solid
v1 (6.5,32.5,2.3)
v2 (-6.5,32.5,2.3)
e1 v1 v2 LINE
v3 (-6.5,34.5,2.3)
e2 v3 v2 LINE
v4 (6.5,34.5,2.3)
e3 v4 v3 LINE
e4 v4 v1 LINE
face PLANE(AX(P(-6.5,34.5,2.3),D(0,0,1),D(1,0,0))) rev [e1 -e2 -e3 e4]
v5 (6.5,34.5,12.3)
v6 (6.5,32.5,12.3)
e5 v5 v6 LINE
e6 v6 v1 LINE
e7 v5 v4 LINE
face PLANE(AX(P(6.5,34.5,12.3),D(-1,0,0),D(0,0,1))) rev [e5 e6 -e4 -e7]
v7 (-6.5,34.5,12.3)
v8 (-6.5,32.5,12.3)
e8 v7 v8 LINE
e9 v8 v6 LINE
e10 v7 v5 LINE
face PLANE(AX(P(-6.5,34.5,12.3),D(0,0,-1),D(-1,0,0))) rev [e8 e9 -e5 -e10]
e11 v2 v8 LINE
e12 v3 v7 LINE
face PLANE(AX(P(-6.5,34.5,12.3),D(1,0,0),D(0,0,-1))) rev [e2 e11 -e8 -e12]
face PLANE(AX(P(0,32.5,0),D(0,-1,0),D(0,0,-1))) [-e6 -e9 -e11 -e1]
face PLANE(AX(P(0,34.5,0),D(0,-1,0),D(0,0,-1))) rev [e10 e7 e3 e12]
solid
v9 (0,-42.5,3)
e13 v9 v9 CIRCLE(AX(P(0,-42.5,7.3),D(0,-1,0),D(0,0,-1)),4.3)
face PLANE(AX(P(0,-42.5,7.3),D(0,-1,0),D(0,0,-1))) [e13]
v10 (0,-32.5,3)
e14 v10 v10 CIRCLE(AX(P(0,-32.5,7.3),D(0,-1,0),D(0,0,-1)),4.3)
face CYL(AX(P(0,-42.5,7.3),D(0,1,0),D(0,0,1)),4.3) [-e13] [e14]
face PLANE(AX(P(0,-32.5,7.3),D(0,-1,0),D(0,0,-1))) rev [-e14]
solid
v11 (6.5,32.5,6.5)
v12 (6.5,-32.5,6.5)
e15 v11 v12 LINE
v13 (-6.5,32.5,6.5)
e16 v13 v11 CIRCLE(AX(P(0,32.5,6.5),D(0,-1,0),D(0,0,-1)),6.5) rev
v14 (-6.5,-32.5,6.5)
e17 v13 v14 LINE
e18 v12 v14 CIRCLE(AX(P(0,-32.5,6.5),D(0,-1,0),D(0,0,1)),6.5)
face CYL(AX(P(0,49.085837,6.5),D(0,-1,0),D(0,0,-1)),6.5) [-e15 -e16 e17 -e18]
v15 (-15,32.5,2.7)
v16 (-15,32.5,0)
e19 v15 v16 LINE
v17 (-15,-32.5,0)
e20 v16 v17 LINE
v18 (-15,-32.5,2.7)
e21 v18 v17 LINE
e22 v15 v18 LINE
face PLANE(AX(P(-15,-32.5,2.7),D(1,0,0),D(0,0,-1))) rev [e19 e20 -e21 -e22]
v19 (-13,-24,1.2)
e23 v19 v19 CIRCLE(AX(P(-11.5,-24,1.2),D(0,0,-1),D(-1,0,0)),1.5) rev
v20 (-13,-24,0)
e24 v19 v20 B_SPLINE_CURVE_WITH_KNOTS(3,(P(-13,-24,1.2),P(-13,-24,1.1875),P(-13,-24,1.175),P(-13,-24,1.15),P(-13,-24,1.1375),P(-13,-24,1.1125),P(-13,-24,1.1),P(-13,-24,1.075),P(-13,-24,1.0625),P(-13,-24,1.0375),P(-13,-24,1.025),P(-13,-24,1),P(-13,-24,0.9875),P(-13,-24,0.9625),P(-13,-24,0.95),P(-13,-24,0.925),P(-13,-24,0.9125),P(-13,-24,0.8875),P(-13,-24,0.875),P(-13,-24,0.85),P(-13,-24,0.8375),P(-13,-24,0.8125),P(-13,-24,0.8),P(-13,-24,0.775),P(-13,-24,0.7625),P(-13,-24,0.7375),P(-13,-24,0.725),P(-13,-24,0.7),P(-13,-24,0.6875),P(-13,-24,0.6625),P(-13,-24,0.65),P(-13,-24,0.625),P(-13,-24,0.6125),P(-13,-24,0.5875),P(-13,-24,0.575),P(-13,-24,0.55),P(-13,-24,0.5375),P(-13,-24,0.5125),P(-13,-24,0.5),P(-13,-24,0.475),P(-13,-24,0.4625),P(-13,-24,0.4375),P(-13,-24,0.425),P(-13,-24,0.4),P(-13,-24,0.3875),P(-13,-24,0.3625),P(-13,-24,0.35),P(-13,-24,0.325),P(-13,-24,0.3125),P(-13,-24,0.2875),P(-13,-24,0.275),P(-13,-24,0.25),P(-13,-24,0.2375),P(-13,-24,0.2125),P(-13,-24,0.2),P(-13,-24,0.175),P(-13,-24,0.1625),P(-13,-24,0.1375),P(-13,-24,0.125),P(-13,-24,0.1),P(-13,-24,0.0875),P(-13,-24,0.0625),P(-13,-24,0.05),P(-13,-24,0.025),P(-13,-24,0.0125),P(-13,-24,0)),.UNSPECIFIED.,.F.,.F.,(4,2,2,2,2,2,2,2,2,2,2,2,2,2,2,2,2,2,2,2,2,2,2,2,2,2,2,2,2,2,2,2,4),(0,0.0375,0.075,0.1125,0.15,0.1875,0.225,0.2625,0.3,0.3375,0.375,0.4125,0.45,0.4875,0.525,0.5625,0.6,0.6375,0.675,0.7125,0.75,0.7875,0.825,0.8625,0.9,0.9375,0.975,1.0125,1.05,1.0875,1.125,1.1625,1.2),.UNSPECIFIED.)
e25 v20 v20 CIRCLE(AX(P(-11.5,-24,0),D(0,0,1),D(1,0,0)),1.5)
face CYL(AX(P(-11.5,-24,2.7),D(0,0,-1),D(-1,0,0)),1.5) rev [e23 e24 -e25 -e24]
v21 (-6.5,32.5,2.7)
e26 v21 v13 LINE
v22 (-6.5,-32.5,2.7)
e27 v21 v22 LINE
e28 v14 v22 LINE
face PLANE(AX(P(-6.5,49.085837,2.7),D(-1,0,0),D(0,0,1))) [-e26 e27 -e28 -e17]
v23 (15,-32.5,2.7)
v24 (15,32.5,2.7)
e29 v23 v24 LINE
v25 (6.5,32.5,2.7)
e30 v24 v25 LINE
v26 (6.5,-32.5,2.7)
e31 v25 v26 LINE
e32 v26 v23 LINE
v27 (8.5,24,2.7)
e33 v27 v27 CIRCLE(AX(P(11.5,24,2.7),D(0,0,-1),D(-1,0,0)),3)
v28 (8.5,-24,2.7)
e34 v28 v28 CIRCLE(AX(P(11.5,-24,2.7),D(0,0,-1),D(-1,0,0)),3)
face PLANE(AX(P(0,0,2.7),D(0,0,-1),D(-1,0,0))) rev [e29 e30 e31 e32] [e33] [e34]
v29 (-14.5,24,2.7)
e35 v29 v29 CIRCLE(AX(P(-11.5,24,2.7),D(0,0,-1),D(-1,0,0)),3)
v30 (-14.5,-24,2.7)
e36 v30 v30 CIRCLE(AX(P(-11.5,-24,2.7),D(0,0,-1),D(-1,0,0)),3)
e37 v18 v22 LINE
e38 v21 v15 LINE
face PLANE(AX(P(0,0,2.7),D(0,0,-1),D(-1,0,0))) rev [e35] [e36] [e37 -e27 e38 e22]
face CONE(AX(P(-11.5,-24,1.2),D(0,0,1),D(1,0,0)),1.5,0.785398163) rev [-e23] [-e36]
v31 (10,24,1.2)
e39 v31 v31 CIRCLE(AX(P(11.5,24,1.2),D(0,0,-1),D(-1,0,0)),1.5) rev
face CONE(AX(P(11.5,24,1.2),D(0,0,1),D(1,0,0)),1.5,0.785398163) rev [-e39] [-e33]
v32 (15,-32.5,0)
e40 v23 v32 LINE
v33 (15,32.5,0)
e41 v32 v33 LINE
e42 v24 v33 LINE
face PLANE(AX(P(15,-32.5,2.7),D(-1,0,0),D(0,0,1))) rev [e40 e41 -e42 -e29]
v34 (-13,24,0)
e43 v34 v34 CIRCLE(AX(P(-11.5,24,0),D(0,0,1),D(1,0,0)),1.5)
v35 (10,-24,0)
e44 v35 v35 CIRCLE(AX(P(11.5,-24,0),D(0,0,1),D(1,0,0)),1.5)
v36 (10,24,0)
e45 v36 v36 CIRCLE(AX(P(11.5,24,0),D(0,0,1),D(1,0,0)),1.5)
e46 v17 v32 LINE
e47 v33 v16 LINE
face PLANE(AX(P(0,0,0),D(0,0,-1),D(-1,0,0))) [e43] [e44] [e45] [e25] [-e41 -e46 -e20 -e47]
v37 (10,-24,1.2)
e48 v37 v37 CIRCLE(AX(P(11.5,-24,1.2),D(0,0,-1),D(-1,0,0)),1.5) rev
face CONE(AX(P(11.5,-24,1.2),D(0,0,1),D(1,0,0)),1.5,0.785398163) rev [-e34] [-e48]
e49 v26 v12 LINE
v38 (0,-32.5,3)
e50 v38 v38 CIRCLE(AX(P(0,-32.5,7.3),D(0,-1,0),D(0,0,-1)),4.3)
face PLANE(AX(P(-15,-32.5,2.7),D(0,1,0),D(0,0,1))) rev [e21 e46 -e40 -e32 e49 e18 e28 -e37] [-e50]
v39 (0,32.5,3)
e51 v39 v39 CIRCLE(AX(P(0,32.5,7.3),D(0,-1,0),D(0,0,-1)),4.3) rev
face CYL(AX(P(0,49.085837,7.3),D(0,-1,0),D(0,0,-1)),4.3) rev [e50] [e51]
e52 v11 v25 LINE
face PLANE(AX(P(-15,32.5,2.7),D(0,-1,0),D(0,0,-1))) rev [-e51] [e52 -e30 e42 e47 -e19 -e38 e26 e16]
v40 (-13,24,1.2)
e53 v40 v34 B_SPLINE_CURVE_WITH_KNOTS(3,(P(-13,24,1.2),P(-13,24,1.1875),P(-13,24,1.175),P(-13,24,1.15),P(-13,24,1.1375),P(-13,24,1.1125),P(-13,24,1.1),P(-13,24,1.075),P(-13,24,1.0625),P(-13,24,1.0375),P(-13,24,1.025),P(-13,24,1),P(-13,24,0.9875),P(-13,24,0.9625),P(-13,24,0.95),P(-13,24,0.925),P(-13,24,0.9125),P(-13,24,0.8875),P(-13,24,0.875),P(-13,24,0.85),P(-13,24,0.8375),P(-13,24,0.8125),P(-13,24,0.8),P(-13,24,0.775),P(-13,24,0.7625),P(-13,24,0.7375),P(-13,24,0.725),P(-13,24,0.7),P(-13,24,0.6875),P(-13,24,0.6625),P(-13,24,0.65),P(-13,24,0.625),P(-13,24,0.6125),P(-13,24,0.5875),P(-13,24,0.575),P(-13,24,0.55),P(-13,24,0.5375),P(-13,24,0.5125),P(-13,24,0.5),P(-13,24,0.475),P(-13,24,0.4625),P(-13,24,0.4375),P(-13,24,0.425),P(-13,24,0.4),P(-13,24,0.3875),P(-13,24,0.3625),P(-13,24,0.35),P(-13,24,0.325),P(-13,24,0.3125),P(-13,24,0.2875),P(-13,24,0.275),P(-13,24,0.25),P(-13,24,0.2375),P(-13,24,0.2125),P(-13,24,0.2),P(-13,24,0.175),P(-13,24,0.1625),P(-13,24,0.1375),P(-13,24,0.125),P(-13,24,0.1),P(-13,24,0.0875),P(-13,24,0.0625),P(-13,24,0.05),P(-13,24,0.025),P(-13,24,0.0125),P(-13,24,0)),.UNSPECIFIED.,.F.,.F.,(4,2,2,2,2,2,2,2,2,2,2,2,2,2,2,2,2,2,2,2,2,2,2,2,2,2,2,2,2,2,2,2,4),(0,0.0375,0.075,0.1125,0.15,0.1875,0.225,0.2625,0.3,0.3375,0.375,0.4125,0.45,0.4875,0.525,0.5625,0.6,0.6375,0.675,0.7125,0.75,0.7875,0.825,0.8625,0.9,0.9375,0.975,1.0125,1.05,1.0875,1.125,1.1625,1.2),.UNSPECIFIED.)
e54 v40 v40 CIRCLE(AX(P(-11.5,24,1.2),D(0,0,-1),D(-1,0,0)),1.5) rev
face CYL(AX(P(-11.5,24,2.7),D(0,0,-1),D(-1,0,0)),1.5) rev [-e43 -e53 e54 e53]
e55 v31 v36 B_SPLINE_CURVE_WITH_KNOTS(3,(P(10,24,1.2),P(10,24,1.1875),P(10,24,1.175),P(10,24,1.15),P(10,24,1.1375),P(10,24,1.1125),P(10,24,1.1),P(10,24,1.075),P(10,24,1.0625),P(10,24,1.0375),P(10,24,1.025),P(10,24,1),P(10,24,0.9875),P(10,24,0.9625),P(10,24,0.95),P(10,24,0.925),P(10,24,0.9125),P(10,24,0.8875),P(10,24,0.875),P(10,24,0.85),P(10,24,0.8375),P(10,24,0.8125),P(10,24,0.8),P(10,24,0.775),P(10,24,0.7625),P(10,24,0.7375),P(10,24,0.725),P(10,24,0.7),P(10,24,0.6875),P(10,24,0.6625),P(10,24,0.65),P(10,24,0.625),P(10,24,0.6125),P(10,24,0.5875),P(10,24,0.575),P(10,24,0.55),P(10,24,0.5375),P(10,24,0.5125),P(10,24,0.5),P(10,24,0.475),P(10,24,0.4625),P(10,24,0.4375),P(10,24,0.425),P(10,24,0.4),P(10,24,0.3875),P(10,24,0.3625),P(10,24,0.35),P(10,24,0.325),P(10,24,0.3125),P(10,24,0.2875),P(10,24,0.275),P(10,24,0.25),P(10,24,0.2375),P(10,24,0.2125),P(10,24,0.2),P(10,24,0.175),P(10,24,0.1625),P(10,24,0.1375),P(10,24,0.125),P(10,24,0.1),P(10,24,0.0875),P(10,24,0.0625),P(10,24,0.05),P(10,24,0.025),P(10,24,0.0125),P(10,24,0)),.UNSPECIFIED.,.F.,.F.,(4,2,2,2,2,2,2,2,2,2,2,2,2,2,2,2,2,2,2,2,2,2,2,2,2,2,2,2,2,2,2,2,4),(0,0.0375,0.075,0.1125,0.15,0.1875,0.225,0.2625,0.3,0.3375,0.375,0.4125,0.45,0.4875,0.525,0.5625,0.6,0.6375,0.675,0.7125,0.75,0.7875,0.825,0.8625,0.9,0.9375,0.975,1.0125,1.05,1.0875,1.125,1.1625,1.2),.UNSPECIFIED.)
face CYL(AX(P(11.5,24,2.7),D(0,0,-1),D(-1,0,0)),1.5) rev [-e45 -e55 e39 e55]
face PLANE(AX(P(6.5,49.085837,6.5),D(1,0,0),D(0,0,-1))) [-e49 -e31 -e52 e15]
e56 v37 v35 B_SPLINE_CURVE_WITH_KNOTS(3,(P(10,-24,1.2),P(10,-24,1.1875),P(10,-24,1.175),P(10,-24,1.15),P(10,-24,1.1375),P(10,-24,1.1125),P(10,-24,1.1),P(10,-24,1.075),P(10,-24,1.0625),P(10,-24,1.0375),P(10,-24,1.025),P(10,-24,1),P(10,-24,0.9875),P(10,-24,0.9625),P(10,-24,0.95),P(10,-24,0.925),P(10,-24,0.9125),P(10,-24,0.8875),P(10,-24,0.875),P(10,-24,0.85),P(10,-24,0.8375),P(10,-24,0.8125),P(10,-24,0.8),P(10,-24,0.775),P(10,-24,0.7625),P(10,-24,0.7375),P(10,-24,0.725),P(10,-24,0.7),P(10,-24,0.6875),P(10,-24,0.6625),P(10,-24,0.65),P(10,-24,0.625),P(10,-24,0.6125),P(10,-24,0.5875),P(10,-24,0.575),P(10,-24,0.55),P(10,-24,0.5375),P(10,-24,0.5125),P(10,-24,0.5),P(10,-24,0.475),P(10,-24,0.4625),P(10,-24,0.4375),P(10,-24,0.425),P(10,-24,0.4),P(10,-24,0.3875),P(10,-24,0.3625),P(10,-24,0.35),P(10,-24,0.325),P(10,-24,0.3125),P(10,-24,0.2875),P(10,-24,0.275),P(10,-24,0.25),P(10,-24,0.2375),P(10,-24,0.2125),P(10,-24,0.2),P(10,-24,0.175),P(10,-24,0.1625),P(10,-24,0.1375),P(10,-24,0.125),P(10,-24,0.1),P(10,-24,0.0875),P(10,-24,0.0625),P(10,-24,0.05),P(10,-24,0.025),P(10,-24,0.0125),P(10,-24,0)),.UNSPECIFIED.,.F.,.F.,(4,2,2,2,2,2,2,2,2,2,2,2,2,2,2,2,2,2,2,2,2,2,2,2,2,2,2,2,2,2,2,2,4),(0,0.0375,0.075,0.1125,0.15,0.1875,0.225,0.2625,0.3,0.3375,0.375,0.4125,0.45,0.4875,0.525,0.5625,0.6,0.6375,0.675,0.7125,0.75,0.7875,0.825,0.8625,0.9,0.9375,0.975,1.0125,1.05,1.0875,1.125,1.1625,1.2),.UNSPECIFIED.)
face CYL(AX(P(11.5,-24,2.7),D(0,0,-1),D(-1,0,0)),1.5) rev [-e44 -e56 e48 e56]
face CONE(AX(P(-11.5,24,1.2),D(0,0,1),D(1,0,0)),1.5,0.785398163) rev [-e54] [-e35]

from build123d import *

# Parameters (mm, degrees)
SKETCH_1_W      = 30
SKETCH_1_H      = 65
SKETCH_1_R      = 1.5
EXTRUDE_1_DEPTH = 2.7
SKETCH_2_R      = 4.3
EXTRUDE_2_DEPTH = 65
SKETCH_3_R      = 4.3
EXTRUDE_3_DEPTH = 10
SKETCH_4_W      = 13
SKETCH_4_H      = 10
EXTRUDE_4_DEPTH = 2
CHAMFER_1_SIZE  = 1.5


with BuildPart() as part:
    # 草图1 → 凸台-拉伸1 (new body)
    with BuildSketch(Plane.XY):
        Rectangle(SKETCH_1_W, SKETCH_1_H)
        with Locations(Location((-11.5, 24, 0), (0, 0, 180))):
            Circle(SKETCH_1_R, mode=Mode.SUBTRACT)
        with Locations(Location((11.5, 24, 0), (0, 0, 180))):
            Circle(SKETCH_1_R, mode=Mode.SUBTRACT)
        with Locations(Location((11.5, -24, 0), (0, 0, 180))):
            Circle(SKETCH_1_R, mode=Mode.SUBTRACT)
        with Locations(Location((-11.5, -24, 0), (0, 0, 180))):
            Circle(SKETCH_1_R, mode=Mode.SUBTRACT)
    extrude(amount=EXTRUDE_1_DEPTH)

    # 草图2 → 凸台-拉伸2 (add)
    with BuildSketch(Plane.XZ.offset(32.5)):
        with BuildLine():
            Line((-6.5, 2.7), (-6.5, 6.5))
            ThreePointArc((-6.5, 6.5), (0, 13), (6.5, 6.5))
            Line((6.5, 6.5), (6.5, 2.7))
            Line((6.5, 2.7), (-6.5, 2.7))
        make_face()
        with Locations(Location((0, 7.3, 0), (0, 0, 270))):
            Circle(SKETCH_2_R, mode=Mode.SUBTRACT)
    extrude(amount=-EXTRUDE_2_DEPTH)

    # 倒角1
    chamfer_1_edges = [part.edges().sort_by_distance(p)[0] for p in [
        (-10, 24, 2.7),
        (13, 24, 2.7),
        (13, -24, 2.7),
        (-10, -24, 2.7),
    ]]
    chamfer(chamfer_1_edges, length=CHAMFER_1_SIZE)


with BuildPart() as body_2:
    # 草图3 → 凸台-拉伸3 (new body)
    with BuildSketch(Plane.XZ.offset(32.5)):
        with Locations(Location((0, 7.3, 0), (0, 0, 270))):
            Circle(SKETCH_3_R)
    extrude(amount=EXTRUDE_3_DEPTH)


with BuildPart() as body_3:
    # 草图4 → 凸台-拉伸4 (new body)
    with BuildSketch(Plane(origin=(0, 32.5, 0), x_dir=(1, 0, 0), z_dir=(0, 1, 0))):
        with Locations((0, -7.3)):
            Rectangle(SKETCH_4_W, SKETCH_4_H)
    extrude(amount=EXTRUDE_4_DEPTH)


solid = Compound([part.part, body_2.part, body_3.part])
